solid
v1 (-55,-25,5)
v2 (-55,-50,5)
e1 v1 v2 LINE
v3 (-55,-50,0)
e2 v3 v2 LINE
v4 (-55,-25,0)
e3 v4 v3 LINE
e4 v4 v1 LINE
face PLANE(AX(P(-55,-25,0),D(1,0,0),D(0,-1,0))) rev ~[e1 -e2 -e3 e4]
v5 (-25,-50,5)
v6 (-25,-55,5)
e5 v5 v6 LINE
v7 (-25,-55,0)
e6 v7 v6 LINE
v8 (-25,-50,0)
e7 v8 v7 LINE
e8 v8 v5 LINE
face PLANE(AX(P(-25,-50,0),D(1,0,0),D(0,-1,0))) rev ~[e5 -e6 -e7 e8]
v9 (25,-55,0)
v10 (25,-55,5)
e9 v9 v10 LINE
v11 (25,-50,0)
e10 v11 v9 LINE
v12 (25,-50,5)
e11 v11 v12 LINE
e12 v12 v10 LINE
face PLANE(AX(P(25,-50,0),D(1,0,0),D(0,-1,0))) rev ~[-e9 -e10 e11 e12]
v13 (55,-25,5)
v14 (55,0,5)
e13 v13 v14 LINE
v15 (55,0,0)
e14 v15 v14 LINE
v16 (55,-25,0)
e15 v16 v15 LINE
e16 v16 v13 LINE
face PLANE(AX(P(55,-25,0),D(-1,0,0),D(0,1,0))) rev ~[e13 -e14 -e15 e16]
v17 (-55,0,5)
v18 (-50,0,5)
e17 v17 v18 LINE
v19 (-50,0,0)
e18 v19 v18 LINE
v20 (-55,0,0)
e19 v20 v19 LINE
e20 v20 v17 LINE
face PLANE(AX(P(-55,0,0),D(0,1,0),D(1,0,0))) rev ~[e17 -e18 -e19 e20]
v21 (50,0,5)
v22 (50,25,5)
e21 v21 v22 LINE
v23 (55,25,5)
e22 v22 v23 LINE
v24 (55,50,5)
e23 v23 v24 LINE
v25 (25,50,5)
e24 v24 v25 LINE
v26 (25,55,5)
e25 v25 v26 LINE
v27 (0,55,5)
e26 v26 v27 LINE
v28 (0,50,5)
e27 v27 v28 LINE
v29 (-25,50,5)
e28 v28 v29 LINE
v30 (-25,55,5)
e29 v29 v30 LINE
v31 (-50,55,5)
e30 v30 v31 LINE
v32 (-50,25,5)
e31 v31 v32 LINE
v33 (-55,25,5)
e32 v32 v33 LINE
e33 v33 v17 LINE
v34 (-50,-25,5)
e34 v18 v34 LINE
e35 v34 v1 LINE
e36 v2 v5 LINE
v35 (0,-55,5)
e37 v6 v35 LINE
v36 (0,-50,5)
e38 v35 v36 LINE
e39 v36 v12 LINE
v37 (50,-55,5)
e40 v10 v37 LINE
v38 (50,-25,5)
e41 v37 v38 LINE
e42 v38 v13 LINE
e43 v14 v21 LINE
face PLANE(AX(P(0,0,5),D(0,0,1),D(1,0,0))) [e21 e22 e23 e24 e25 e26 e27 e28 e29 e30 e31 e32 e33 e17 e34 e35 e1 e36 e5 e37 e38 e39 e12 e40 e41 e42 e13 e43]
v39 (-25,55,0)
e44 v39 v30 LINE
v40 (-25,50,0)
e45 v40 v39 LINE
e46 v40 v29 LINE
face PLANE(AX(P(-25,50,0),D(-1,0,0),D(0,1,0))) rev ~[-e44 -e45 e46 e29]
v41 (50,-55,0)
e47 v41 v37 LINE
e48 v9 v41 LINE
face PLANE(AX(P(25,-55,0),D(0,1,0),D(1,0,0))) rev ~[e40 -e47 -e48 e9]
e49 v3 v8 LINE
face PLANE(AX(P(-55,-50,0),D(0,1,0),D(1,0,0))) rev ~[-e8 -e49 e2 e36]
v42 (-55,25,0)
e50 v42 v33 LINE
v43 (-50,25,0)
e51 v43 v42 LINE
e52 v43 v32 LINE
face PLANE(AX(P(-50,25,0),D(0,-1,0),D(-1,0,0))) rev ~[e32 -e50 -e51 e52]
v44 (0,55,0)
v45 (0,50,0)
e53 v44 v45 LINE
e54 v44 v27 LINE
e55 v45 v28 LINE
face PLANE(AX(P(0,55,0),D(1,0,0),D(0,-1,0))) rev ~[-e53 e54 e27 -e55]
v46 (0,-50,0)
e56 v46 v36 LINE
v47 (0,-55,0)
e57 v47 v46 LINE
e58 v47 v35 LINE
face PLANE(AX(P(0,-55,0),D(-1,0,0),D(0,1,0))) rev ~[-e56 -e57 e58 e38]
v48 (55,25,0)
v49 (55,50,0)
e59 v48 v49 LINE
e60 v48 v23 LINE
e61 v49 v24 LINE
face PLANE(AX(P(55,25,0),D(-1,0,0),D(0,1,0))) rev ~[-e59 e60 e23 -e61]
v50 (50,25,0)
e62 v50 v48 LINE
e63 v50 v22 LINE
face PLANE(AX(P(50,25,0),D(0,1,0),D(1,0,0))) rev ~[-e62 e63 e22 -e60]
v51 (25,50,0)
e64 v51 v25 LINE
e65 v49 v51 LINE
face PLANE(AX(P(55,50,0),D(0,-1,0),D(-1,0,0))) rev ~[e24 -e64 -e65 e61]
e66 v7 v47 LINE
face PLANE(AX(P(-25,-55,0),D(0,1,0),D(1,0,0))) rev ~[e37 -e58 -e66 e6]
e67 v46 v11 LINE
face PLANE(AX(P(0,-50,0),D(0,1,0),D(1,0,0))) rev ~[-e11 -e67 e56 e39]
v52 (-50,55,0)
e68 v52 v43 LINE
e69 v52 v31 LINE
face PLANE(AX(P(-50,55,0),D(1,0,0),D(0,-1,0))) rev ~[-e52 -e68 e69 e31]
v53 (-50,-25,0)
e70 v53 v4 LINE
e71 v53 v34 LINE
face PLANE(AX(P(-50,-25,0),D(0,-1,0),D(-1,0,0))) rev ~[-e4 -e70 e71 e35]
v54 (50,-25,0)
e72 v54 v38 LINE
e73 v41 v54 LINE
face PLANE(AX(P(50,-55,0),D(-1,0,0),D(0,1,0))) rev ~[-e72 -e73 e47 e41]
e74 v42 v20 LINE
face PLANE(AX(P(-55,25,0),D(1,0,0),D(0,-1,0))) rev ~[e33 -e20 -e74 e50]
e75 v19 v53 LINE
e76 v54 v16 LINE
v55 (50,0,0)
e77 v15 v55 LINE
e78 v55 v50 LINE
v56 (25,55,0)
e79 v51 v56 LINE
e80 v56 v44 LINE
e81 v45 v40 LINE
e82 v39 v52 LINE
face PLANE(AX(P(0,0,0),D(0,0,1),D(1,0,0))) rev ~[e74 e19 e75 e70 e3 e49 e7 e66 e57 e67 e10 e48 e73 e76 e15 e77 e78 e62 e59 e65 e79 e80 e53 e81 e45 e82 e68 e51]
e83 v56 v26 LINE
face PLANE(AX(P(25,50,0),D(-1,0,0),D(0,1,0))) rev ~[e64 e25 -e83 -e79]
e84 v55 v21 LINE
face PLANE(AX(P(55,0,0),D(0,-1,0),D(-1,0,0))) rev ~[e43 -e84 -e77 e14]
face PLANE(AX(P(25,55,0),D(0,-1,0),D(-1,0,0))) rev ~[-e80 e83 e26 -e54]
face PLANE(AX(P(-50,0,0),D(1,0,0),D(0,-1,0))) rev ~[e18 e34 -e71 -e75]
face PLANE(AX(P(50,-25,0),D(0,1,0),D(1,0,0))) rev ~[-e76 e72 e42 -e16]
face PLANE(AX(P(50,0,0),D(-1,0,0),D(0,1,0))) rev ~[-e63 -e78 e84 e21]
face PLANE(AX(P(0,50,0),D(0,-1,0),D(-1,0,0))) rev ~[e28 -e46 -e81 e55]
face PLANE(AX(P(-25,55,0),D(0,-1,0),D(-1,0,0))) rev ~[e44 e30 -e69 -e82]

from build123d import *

# Parameters (mm, degrees)
F1_DEPTH = 5


with BuildPart() as f1:
    # F0 (on Top) → F1 (new body)
    with BuildSketch(Plane.XY):
        Polygon((0, 50), (-25, 50), (-25, 55), (-50, 55), (-50, 50), (-50, 25), (-55, 25), (-55, 0), (-50, 0), (-50, -25), (-55, -25), (-55, -50), (-50, -50), (-25, -50), (-25, -55), (0, -55), (0, -50), (25, -50), (25, -55), (50, -55), (50, -50), (50, -25), (55, -25), (55, 0), (50, 0), (50, 25), (55, 25), (55, 50), (50, 50), (25, 50), (25, 55), (0, 55), align=None)
    extrude(amount=F1_DEPTH)


solid = f1.part
